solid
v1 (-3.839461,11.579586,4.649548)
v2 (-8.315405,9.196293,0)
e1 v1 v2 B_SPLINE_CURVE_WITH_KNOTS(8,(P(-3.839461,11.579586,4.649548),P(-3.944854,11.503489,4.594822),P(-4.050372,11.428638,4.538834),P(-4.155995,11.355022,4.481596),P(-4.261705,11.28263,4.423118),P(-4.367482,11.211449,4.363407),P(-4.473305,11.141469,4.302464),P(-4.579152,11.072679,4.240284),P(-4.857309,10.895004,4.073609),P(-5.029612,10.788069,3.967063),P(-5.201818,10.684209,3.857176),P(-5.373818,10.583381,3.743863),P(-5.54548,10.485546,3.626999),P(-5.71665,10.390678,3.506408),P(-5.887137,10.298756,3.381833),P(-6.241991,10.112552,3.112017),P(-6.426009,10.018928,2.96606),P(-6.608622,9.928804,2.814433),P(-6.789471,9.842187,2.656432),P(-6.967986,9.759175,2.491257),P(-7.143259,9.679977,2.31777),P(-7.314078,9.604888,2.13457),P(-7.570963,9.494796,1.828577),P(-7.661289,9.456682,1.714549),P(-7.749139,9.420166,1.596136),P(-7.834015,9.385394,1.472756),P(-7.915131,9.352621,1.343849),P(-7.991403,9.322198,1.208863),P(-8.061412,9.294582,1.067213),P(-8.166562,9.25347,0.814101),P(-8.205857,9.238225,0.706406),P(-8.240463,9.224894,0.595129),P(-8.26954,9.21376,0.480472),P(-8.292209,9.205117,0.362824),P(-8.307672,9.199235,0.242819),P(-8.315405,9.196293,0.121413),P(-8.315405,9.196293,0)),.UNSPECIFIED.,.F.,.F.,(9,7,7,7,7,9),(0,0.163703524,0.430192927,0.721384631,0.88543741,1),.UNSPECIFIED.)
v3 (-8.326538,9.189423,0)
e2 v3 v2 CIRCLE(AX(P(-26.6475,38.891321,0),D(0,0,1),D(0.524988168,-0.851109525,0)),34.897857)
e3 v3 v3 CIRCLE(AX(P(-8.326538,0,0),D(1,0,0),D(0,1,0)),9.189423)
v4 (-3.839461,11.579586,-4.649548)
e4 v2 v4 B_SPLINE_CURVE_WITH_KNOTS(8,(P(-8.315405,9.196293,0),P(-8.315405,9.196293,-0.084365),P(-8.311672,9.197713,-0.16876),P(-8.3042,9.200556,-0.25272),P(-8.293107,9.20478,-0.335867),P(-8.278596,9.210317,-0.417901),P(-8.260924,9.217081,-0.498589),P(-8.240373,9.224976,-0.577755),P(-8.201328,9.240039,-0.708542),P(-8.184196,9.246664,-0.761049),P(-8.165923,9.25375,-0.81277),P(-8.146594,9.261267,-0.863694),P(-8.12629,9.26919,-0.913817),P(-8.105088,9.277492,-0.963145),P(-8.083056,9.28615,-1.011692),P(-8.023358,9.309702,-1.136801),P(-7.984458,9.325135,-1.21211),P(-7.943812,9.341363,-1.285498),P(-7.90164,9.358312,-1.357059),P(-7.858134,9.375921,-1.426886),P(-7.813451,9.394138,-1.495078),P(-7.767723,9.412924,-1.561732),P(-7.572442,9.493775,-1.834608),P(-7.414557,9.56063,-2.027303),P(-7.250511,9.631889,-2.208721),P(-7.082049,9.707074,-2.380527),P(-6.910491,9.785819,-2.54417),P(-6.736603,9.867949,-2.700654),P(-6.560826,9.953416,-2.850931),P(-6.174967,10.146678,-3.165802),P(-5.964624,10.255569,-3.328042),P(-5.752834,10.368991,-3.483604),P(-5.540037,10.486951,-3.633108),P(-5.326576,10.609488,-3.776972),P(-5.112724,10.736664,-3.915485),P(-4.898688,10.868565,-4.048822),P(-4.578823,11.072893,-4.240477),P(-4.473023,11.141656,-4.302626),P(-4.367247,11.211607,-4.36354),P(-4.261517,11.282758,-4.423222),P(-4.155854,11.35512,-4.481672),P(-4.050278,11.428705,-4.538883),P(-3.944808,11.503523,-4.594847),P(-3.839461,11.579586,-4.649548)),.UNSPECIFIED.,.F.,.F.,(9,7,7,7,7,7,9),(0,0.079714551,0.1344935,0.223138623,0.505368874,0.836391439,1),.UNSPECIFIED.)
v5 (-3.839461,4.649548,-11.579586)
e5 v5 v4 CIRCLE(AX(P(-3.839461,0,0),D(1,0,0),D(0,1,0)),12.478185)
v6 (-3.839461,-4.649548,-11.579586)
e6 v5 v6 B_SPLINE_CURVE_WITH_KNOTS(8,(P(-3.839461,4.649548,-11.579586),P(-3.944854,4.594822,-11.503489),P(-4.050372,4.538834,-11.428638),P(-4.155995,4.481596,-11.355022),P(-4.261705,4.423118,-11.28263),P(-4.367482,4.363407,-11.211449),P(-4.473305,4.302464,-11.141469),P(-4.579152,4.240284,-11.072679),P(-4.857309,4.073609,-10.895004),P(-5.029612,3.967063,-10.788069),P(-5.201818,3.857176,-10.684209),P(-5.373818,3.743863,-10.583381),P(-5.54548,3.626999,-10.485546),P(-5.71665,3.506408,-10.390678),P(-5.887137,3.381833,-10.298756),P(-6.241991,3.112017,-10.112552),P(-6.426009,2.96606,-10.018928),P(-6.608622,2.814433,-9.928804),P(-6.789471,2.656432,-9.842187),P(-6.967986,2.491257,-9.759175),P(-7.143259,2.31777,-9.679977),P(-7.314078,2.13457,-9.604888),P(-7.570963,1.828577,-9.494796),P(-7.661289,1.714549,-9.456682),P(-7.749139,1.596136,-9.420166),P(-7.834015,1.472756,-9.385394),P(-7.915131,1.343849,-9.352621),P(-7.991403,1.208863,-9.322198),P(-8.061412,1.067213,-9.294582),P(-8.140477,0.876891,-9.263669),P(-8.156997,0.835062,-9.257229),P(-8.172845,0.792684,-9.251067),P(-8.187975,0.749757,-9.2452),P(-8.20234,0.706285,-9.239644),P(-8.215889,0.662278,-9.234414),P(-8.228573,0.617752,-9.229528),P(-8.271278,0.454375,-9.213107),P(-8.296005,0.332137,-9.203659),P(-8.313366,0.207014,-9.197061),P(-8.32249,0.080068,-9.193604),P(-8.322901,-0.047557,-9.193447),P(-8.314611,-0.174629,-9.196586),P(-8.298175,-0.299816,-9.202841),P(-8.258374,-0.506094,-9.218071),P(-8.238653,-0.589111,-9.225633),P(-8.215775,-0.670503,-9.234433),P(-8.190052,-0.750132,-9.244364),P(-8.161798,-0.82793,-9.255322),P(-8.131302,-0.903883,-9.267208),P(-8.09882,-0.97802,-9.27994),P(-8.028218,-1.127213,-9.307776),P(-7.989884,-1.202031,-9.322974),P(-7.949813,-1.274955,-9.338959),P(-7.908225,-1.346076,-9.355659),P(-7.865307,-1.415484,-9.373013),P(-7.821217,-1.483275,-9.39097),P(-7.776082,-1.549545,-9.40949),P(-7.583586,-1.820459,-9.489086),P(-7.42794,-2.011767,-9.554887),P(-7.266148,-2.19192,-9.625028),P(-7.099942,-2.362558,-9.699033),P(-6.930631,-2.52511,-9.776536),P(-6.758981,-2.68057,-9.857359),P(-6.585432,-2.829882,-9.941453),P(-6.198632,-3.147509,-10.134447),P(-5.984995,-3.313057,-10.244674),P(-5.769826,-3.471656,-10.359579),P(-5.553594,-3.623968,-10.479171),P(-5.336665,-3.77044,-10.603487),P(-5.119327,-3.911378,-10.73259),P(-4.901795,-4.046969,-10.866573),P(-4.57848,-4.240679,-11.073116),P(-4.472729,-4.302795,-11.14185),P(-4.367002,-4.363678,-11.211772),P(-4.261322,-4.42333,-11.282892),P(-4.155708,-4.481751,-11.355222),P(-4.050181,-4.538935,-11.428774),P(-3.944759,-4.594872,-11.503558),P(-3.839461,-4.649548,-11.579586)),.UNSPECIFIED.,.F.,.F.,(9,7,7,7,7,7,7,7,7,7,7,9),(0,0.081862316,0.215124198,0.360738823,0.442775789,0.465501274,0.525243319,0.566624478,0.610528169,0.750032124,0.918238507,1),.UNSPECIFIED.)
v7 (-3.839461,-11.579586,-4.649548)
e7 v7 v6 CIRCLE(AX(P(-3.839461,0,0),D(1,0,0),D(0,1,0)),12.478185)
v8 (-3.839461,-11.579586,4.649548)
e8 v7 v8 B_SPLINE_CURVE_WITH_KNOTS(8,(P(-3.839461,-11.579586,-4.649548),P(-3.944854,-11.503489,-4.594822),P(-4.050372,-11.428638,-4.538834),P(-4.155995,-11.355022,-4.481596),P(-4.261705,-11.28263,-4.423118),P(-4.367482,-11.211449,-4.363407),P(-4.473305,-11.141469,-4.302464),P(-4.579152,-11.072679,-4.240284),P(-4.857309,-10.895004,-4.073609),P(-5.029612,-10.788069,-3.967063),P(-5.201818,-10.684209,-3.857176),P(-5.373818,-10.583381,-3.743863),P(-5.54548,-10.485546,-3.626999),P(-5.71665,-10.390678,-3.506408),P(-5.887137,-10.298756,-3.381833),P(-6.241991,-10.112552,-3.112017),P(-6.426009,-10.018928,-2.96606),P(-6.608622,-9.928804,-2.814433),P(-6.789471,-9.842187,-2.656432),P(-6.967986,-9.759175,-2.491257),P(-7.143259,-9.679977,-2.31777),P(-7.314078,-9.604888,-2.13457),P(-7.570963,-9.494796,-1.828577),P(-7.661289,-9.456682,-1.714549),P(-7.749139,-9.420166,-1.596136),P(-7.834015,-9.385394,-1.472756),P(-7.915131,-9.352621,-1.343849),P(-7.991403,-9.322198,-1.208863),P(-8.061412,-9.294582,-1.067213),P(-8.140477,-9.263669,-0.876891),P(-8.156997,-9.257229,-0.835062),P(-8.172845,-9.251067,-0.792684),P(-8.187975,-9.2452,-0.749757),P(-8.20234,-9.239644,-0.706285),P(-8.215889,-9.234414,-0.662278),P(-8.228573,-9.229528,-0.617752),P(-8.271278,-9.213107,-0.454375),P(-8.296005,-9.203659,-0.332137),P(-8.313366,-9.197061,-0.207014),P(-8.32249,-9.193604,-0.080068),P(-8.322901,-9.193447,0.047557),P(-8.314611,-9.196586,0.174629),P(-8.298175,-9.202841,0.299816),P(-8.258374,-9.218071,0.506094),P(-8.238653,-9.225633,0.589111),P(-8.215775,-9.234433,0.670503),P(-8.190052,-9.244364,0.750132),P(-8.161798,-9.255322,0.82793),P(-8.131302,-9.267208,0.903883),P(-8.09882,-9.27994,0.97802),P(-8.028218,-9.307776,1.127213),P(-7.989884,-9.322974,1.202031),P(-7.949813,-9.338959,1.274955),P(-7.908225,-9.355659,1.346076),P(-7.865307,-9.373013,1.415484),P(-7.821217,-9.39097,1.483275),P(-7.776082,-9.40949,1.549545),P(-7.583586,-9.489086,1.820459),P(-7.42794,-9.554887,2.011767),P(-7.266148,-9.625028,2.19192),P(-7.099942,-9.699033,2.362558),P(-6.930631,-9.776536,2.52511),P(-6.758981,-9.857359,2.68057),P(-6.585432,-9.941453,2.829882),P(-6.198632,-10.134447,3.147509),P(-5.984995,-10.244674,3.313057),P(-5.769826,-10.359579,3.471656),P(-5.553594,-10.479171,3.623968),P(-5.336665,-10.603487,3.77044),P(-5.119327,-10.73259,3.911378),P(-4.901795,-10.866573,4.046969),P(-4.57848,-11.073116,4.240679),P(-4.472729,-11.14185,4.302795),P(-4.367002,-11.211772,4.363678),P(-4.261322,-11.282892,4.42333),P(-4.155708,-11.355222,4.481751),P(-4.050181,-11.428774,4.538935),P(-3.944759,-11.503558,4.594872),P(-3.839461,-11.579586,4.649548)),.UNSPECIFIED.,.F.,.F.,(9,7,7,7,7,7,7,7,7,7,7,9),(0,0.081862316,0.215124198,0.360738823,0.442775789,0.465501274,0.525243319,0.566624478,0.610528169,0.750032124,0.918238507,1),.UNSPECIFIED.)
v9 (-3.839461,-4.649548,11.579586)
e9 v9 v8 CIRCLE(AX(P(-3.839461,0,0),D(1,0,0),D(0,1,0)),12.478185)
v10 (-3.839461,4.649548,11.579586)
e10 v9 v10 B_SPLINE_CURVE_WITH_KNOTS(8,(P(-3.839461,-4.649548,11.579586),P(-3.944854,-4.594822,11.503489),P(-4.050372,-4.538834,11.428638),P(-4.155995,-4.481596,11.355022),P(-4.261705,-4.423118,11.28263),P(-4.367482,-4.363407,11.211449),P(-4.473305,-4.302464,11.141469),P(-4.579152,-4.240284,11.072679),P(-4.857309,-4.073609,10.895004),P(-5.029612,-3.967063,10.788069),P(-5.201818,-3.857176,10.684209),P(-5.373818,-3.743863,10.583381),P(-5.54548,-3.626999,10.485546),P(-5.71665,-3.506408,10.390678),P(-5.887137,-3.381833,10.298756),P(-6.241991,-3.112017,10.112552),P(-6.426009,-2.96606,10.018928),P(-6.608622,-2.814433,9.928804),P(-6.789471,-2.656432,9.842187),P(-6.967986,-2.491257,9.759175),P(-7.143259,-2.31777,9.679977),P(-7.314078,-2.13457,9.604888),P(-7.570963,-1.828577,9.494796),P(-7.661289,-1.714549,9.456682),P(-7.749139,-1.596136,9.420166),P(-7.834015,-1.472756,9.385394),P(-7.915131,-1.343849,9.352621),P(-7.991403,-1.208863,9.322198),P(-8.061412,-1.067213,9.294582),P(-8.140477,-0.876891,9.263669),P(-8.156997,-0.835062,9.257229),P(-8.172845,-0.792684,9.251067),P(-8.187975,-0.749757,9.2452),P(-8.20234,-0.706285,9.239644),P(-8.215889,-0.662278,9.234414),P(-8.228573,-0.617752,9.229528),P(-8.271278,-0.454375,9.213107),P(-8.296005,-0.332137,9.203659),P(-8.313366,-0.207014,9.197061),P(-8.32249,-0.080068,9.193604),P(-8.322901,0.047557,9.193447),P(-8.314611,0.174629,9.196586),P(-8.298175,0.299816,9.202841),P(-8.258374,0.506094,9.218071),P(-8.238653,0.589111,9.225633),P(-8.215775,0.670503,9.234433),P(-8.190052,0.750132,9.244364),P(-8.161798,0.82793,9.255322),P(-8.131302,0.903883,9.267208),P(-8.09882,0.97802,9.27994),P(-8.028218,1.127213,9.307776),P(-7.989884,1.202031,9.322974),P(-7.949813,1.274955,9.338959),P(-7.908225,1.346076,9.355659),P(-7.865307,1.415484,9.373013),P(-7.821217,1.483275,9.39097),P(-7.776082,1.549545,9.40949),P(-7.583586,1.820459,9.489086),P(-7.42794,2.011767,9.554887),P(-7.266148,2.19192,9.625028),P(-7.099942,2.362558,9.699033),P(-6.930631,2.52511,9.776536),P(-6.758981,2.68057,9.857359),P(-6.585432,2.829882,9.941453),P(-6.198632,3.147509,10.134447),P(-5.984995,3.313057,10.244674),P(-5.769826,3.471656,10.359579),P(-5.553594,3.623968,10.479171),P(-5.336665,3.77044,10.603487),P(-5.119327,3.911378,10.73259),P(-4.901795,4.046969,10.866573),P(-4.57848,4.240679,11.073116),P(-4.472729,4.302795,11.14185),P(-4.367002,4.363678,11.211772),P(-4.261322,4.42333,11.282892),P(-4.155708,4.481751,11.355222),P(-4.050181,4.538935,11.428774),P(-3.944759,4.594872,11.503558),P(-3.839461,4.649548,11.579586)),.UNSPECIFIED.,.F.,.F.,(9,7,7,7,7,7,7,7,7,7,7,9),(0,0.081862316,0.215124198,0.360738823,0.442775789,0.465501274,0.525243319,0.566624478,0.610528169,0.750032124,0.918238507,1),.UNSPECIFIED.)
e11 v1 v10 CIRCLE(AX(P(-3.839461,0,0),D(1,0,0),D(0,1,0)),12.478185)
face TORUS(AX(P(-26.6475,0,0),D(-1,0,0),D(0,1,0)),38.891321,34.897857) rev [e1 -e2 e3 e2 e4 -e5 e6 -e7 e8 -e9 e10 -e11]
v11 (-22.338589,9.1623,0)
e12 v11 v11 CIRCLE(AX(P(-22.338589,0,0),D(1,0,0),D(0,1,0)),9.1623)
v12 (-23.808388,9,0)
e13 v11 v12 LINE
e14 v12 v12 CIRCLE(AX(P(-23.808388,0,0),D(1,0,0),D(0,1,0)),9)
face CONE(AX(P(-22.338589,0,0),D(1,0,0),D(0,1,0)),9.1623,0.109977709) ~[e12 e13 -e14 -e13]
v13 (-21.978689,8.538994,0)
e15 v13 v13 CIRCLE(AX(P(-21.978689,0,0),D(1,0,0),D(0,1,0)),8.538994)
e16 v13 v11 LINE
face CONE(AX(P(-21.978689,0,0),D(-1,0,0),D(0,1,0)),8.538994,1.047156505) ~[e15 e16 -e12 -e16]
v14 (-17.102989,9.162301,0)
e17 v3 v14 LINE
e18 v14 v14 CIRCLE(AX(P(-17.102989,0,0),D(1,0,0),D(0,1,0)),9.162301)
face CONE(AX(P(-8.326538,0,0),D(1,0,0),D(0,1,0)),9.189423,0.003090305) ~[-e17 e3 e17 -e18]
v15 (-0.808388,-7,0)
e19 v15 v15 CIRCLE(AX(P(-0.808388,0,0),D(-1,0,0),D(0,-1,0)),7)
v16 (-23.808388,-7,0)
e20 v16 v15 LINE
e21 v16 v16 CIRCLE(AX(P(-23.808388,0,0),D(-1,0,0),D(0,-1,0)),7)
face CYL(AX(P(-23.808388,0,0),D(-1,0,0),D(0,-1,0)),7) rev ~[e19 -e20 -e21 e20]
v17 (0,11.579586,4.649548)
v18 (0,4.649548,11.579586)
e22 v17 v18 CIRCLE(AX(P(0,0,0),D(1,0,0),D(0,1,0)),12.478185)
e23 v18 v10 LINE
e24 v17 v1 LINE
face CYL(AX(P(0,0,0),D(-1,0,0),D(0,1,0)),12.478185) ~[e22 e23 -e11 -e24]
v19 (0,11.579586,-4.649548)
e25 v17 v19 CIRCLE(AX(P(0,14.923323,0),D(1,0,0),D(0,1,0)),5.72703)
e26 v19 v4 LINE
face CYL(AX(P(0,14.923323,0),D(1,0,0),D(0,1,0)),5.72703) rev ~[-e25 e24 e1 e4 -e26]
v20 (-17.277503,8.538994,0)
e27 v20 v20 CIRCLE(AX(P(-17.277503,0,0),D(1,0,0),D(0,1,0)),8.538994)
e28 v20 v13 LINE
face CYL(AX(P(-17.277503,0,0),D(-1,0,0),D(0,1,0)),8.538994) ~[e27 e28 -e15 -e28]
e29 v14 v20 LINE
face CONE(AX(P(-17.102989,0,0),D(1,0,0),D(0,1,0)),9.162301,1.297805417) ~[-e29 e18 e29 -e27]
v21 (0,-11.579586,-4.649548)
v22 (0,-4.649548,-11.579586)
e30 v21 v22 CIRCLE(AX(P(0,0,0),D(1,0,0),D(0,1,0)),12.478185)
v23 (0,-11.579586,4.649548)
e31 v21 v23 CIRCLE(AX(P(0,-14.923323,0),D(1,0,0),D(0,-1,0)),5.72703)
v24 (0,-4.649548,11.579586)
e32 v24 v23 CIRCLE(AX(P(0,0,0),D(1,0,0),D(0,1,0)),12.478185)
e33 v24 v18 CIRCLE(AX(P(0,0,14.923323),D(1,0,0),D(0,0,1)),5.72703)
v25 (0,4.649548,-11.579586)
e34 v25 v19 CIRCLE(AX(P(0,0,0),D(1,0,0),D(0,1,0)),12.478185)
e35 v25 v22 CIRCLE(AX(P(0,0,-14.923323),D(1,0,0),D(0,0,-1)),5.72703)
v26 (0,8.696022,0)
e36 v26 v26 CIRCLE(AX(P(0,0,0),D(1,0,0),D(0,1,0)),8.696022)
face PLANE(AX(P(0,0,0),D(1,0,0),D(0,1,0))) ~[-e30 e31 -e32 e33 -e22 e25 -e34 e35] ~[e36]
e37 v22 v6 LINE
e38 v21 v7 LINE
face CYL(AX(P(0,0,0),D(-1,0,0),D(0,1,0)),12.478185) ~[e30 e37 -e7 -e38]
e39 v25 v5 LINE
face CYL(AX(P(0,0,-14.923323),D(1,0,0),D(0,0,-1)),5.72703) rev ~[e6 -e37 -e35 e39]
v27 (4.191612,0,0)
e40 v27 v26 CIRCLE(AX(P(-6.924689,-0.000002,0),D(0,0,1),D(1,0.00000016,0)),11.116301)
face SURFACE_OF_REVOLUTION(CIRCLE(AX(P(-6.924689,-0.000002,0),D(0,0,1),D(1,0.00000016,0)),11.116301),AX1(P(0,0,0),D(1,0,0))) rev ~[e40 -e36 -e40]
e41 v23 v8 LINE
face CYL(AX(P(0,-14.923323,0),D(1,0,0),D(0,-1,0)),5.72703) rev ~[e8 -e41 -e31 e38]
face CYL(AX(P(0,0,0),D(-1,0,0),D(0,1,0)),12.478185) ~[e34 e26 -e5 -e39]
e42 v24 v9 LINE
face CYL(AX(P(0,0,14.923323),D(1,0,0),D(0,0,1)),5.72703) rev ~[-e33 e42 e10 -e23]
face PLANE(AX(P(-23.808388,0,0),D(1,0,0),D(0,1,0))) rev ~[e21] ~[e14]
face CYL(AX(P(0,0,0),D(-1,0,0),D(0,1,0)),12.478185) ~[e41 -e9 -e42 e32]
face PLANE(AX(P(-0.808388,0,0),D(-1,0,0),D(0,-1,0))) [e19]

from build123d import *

# Parameters (mm, degrees)
SKETCH001_R        = 5.72703
POCKET_DEPTH       = 113.912459
POLARPATTERN_COUNT = 4
SKETCH002_R        = 7
POCKET001_DEPTH    = 23


with BuildPart() as part:
    # Sketch → Revolution (revolve)
    with BuildSketch(Plane.XY):
        with BuildLine():
            ThreePointArc((4.191612, 0), (3.089028, 4.826759), (0, 8.696022))
            Line((0, 8.696022), (0, 12.478185))
            Line((0, 12.478185), (-3.839461, 12.478185))
            ThreePointArc((-8.326538, 9.189423), (-6.01736, 10.744248), (-3.839461, 12.478185))
            Line((-8.326538, 9.189423), (-17.102989, 9.162301))
            Line((-17.102989, 9.162301), (-17.277503, 8.538994))
            Line((-17.277503, 8.538994), (-21.978689, 8.538994))
            Line((-21.978689, 8.538994), (-22.338589, 9.1623))
            Line((-22.338589, 9.1623), (-23.808388, 9))
            Line((-23.808388, 9), (-23.808388, 0))
            Line((-23.808388, 0), (4.191612, 0))
        make_face()
    revolve(axis=Axis((0, 0, 0), (1, 0, 0)))

    # Sketch001 (on Face2 of Revolution) → Pocket (cut, through all)
    with BuildSketch(Plane.YZ):
        with Locations((14.923323, 0)):
            Circle(SKETCH001_R)
    pocket = extrude(amount=-POCKET_DEPTH, mode=Mode.SUBTRACT)

    # PolarPattern: Pocket ×4 about axis
    polarpattern_axis = Axis((0, 0, 0), (1, 0, 0))
    for i in range(1, POLARPATTERN_COUNT):
        add(pocket.rotate(polarpattern_axis, i * 360 / POLARPATTERN_COUNT), mode=Mode.SUBTRACT)

    # Sketch002 (on Face17 of PolarPattern) → Pocket001 (cut)
    with BuildSketch(Plane(origin=(-23.808388, 0, 0), x_dir=(0, -1, 0), z_dir=(-1, 0, 0))):
        Circle(SKETCH002_R)
    extrude(amount=-POCKET001_DEPTH, mode=Mode.SUBTRACT)


solid = part.part
